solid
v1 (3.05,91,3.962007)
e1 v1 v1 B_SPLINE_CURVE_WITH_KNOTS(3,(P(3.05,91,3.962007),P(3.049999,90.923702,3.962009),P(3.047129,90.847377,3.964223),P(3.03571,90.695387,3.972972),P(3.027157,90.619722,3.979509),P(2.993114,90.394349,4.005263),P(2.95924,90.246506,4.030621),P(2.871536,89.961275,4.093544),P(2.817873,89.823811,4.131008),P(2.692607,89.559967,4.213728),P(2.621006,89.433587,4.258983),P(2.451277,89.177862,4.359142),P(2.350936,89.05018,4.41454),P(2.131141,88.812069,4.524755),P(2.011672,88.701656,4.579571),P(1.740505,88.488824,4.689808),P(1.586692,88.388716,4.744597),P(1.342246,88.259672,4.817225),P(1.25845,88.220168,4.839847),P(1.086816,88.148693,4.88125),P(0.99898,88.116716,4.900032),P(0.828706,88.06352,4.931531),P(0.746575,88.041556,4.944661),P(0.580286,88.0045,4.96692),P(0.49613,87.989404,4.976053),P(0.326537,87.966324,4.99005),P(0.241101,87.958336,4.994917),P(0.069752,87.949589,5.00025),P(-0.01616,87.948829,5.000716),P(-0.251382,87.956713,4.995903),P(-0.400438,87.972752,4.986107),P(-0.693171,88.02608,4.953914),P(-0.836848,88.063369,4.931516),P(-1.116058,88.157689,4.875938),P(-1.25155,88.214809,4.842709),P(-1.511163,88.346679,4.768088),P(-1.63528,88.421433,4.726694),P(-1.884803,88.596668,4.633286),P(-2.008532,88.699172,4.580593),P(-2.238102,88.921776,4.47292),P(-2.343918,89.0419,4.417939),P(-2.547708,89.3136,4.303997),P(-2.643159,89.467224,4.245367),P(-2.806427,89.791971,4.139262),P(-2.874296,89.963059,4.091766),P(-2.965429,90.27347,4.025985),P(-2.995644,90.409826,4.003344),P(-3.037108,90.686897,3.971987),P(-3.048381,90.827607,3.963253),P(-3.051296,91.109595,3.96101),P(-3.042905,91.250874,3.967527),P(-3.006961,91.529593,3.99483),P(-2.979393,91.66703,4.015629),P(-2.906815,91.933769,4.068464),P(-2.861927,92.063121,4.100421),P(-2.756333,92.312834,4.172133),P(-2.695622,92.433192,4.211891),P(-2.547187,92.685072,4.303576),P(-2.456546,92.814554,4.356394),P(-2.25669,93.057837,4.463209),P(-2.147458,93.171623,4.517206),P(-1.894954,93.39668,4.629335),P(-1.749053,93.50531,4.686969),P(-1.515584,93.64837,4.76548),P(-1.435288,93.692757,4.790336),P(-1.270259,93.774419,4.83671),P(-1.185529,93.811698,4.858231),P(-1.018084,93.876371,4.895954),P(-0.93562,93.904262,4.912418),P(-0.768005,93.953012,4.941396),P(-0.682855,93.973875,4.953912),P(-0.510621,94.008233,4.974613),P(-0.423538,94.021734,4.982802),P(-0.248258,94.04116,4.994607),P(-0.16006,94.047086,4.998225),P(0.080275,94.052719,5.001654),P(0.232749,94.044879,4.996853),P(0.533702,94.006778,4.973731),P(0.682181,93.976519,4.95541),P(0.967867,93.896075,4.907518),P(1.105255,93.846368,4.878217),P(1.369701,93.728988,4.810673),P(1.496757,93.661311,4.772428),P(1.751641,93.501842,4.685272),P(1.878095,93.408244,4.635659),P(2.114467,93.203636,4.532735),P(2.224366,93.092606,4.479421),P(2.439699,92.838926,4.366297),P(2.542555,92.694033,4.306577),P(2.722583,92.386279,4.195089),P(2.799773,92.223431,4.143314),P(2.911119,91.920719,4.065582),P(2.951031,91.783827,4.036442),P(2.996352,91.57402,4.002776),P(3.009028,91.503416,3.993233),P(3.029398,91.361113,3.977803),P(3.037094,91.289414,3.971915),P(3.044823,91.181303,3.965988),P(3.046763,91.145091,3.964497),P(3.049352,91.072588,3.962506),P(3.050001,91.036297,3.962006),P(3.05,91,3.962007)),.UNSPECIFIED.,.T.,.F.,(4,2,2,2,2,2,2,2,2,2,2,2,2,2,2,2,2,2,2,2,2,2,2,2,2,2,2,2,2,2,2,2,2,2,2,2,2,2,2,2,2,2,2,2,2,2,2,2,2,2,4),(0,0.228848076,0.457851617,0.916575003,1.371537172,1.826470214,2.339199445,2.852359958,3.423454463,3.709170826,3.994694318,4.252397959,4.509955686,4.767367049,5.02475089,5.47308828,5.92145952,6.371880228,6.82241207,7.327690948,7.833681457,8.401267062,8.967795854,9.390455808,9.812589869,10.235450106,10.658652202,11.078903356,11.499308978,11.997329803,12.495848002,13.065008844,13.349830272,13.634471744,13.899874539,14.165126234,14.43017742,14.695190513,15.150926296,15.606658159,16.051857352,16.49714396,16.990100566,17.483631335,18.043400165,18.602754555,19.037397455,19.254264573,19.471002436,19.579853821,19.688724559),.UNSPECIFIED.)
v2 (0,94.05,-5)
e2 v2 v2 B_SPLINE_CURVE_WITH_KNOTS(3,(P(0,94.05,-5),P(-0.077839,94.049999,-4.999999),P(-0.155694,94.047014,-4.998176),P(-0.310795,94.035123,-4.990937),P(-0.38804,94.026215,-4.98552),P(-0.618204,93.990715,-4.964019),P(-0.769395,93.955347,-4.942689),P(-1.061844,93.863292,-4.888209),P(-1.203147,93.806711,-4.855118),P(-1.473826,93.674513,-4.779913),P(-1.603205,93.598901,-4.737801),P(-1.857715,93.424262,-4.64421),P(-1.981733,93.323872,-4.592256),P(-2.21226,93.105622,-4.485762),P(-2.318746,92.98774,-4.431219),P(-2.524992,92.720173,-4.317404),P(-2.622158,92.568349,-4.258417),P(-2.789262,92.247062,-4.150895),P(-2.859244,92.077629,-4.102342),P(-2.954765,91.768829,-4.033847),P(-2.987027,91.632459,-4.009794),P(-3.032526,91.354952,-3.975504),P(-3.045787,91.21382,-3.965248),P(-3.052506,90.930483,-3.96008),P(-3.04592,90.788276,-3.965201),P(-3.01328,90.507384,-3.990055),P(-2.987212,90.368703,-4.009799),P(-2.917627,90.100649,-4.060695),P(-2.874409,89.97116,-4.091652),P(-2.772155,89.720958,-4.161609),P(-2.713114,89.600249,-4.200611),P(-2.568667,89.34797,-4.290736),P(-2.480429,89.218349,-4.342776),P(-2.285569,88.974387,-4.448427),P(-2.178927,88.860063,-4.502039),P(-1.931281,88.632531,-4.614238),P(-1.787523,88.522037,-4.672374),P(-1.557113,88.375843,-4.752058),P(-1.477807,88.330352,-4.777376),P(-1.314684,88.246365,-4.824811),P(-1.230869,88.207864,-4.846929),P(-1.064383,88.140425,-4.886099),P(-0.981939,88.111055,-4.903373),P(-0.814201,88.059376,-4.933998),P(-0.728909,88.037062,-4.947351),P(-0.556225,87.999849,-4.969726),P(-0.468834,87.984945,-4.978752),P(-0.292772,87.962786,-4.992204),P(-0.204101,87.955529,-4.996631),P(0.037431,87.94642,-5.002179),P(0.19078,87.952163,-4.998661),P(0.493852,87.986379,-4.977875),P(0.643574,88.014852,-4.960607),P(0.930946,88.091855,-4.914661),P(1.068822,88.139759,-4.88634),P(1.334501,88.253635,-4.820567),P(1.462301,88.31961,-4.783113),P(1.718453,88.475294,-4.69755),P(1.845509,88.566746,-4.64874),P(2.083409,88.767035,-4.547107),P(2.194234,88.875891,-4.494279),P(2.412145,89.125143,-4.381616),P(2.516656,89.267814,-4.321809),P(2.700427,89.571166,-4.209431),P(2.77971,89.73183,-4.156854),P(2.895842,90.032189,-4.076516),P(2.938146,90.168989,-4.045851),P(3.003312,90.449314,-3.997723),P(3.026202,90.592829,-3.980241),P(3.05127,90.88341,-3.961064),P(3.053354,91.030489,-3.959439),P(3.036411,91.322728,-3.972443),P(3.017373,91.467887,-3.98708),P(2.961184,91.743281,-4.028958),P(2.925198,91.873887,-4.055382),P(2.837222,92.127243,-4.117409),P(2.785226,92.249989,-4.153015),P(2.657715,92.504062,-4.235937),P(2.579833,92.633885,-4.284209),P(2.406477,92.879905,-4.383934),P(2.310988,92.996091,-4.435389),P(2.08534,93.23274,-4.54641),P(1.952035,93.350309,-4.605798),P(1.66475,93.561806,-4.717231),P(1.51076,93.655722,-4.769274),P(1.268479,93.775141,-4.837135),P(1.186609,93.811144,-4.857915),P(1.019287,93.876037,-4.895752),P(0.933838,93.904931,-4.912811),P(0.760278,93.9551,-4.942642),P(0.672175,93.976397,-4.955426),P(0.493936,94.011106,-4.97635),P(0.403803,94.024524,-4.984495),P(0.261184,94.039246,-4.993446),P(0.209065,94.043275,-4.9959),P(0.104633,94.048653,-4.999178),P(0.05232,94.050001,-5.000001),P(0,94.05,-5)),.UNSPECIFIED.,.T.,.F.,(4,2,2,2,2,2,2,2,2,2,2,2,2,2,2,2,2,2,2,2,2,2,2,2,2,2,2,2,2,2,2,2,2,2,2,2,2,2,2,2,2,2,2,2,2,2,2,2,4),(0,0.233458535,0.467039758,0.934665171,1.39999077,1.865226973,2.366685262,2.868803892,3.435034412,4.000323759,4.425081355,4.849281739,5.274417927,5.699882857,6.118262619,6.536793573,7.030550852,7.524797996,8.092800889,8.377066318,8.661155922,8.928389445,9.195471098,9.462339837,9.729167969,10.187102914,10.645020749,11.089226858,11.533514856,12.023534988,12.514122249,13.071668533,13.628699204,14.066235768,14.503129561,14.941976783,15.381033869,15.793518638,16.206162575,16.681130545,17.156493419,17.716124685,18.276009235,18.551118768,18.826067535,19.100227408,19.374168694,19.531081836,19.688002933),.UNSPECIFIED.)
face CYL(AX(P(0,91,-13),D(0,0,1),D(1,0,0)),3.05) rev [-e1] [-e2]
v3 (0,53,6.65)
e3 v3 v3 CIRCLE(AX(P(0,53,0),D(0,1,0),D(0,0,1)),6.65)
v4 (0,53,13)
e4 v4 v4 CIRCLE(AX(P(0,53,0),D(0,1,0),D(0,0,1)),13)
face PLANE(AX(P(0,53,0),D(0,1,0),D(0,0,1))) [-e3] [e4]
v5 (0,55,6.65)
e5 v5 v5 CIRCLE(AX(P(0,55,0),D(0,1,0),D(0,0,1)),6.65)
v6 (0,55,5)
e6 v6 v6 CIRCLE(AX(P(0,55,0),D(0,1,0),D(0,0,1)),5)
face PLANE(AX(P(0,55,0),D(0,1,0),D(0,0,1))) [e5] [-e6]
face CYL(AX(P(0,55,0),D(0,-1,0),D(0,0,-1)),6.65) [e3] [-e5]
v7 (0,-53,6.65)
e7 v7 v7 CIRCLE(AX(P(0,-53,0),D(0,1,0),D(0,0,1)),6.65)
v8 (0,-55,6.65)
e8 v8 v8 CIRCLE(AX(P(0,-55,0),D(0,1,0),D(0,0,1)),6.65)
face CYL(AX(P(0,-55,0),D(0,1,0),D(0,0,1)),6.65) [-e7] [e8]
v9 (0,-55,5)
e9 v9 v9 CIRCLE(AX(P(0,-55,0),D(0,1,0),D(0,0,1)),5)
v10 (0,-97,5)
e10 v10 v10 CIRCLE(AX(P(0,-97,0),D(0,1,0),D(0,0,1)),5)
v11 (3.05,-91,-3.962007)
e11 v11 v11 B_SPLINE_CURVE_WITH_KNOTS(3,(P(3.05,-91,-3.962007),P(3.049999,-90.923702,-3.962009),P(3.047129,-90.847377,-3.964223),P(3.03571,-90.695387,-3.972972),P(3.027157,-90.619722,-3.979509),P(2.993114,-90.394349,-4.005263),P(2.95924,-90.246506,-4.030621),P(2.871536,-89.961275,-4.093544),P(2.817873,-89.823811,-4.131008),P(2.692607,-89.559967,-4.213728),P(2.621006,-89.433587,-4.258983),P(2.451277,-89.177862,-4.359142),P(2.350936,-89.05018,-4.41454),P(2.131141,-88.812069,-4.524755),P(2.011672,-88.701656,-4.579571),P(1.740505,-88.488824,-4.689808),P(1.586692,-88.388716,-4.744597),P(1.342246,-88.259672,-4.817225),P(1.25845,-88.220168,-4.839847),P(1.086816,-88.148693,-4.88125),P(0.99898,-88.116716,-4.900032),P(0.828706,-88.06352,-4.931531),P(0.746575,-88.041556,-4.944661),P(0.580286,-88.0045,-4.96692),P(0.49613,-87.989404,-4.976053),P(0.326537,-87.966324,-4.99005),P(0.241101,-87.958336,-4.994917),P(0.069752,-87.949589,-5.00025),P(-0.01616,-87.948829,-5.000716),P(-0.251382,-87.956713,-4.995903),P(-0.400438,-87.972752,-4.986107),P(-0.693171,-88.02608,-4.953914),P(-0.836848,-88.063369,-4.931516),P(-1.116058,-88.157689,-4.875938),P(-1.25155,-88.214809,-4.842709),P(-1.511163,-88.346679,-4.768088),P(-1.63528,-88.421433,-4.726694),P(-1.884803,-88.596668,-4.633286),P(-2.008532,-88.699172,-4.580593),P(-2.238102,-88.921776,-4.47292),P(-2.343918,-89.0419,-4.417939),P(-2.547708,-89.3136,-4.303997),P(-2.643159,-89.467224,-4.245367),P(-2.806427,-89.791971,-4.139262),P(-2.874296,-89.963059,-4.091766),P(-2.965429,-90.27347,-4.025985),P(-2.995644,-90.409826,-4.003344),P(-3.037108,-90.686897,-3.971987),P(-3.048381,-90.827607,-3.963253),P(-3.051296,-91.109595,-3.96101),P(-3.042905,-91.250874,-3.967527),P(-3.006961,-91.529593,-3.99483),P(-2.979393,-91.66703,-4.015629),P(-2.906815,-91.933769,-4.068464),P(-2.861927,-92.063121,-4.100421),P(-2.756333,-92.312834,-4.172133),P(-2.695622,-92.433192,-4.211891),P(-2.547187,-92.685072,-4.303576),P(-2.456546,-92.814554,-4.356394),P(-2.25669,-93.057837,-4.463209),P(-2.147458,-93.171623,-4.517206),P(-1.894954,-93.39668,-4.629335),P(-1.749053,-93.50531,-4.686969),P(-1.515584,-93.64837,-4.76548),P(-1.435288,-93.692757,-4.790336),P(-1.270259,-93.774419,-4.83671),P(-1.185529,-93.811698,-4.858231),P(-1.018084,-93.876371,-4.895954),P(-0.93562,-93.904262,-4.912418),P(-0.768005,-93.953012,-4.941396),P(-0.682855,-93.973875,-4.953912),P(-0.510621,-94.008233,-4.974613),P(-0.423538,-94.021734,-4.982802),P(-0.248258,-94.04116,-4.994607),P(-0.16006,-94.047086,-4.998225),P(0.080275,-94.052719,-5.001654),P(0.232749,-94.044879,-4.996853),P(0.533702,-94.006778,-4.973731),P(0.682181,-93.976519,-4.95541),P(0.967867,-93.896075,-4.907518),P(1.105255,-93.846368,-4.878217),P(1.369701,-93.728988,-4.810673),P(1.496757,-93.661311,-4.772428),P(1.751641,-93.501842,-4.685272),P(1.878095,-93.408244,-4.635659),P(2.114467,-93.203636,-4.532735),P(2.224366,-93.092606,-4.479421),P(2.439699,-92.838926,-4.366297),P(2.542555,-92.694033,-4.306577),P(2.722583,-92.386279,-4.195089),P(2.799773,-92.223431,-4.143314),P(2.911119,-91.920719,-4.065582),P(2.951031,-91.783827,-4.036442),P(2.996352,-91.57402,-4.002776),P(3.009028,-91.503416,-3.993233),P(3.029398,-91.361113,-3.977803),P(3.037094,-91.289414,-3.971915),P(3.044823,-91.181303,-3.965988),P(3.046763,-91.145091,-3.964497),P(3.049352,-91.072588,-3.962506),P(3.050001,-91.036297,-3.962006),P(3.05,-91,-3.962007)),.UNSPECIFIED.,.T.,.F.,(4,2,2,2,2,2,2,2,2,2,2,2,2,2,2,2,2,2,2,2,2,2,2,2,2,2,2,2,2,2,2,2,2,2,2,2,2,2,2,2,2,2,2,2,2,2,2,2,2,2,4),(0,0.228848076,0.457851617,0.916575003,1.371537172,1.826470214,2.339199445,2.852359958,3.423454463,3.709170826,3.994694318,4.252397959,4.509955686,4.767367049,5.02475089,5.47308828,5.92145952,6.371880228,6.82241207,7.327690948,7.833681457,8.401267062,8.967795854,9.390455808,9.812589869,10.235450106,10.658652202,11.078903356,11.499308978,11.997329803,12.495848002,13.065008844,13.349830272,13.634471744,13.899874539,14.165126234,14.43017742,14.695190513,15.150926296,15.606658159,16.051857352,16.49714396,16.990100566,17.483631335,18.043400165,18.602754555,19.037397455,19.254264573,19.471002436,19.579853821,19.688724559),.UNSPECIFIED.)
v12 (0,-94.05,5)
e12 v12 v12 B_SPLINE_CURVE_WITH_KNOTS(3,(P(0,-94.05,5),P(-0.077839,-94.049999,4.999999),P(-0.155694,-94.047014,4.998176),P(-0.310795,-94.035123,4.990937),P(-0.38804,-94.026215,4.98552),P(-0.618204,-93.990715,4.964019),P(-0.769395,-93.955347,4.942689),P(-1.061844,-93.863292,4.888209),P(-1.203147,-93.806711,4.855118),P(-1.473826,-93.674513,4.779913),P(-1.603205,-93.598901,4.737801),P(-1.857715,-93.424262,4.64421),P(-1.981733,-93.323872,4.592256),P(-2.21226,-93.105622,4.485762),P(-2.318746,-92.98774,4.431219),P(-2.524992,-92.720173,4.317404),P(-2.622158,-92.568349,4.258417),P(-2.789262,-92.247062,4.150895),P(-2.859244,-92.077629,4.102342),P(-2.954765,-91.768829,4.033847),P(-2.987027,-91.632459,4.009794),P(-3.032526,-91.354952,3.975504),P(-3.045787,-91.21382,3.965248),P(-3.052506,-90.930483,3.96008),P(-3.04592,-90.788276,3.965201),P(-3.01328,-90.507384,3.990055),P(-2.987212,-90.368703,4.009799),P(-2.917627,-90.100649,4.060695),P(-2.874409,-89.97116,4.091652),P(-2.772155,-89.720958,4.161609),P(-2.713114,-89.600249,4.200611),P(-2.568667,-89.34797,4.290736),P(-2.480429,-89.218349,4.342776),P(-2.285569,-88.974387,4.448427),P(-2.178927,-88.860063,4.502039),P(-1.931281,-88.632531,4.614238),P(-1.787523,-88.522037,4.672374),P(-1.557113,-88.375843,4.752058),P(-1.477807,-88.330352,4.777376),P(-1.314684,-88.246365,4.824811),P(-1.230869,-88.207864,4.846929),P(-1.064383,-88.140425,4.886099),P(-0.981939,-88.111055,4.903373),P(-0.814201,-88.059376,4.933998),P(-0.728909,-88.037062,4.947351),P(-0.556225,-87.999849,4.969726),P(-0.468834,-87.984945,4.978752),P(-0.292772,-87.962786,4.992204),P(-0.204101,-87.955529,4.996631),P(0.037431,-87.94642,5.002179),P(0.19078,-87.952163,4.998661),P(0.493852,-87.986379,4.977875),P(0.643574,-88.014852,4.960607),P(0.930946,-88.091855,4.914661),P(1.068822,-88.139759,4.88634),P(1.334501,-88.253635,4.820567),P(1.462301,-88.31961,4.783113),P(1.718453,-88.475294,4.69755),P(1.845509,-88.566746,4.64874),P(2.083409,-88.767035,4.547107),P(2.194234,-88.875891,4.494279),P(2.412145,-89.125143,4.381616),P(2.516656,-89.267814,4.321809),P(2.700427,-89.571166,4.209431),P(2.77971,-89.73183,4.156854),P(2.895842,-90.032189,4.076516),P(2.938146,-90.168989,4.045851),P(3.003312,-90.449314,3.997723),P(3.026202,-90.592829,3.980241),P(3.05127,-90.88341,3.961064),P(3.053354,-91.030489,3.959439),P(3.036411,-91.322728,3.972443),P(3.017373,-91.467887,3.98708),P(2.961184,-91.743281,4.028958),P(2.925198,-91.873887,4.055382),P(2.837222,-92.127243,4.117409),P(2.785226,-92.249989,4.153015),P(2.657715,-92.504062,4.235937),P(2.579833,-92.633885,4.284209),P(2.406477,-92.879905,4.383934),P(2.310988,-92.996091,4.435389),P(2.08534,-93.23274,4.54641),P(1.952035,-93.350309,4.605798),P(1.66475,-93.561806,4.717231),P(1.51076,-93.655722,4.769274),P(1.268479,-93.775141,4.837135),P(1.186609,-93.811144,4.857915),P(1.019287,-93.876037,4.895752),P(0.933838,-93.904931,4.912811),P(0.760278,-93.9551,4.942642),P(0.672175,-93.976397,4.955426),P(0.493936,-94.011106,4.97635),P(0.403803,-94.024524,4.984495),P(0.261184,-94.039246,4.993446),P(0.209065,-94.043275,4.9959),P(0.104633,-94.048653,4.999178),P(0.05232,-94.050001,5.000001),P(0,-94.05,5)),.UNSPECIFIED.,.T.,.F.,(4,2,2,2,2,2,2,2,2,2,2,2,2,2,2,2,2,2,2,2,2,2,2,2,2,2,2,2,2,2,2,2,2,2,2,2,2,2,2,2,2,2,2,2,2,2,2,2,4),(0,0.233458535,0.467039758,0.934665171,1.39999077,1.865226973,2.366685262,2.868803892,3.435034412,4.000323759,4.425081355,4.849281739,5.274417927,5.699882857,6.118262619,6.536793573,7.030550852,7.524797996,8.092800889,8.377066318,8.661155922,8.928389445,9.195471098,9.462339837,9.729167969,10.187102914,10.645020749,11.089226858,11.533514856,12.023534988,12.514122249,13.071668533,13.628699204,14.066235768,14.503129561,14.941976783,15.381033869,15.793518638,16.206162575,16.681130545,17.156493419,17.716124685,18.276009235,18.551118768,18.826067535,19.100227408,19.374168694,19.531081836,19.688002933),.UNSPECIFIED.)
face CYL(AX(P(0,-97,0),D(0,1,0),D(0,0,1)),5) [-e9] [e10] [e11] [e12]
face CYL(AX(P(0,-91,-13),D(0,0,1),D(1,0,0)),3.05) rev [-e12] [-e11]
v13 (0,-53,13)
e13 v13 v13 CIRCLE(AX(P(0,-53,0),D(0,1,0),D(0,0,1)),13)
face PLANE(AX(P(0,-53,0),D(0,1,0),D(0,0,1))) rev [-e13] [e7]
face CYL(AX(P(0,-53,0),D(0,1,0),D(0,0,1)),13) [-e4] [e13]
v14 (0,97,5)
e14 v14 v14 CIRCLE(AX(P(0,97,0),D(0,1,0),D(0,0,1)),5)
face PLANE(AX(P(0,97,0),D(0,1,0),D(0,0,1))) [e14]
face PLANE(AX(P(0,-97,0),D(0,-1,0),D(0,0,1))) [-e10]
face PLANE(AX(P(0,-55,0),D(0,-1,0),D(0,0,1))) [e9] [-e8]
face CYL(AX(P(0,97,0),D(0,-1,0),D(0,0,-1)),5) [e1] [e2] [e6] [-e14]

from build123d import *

# Parameters (mm, degrees)
SKETCH1_R                = 13
BOSS_EXTRUDE1_DEPTH      = 53
BOSS_EXTRUDE1_DEPTH_BACK = 53
SKETCH2_R                = 6.65
BOSS_EXTRUDE2_DEPTH      = 2
SKETCH3_R                = 5
BOSS_EXTRUDE3_DEPTH      = 42
SKETCH4_R                = 3.05
CUT_EXTRUDE1_DEPTH       = 14


with BuildPart() as part:
    # Sketch1 → Boss-Extrude1 (new body, two sides)
    with BuildSketch(Plane(origin=(0, 0, 0), x_dir=(1, 0, 0), z_dir=(0, 1, 0))) as boss_extrude1_sk:
        Circle(SKETCH1_R)
    extrude(amount=BOSS_EXTRUDE1_DEPTH)
    extrude(boss_extrude1_sk.sketch, amount=-BOSS_EXTRUDE1_DEPTH_BACK)

    # Sketch2 → Boss-Extrude2 (add)
    with BuildSketch(Plane(origin=(0, 53, 0), x_dir=(1, 0, 0), z_dir=(0, 1, 0))):
        Circle(SKETCH2_R)
    boss_extrude2 = extrude(amount=BOSS_EXTRUDE2_DEPTH)

    # Sketch3 → Boss-Extrude3 (add)
    with BuildSketch(Plane(origin=(0, 55, 0), x_dir=(1, 0, 0), z_dir=(0, 1, 0))):
        Circle(SKETCH3_R)
    boss_extrude3 = extrude(amount=BOSS_EXTRUDE3_DEPTH)

    # Mirror1: Boss-Extrude2, Boss-Extrude3 across plane
    add(boss_extrude2.mirror(Plane.ZX))
    add(boss_extrude3.mirror(Plane.ZX))

    # Sketch4 → Cut-Extrude1 (cut, symmetric)
    with BuildSketch(Plane.XY):
        with Locations((0, 91)):
            Circle(SKETCH4_R)
    cut_extrude1 = extrude(amount=CUT_EXTRUDE1_DEPTH, both=True, mode=Mode.SUBTRACT)

    # Mirror2: Cut-Extrude1 across plane
    add(cut_extrude1.mirror(Plane.ZX), mode=Mode.SUBTRACT)


solid = part.part
